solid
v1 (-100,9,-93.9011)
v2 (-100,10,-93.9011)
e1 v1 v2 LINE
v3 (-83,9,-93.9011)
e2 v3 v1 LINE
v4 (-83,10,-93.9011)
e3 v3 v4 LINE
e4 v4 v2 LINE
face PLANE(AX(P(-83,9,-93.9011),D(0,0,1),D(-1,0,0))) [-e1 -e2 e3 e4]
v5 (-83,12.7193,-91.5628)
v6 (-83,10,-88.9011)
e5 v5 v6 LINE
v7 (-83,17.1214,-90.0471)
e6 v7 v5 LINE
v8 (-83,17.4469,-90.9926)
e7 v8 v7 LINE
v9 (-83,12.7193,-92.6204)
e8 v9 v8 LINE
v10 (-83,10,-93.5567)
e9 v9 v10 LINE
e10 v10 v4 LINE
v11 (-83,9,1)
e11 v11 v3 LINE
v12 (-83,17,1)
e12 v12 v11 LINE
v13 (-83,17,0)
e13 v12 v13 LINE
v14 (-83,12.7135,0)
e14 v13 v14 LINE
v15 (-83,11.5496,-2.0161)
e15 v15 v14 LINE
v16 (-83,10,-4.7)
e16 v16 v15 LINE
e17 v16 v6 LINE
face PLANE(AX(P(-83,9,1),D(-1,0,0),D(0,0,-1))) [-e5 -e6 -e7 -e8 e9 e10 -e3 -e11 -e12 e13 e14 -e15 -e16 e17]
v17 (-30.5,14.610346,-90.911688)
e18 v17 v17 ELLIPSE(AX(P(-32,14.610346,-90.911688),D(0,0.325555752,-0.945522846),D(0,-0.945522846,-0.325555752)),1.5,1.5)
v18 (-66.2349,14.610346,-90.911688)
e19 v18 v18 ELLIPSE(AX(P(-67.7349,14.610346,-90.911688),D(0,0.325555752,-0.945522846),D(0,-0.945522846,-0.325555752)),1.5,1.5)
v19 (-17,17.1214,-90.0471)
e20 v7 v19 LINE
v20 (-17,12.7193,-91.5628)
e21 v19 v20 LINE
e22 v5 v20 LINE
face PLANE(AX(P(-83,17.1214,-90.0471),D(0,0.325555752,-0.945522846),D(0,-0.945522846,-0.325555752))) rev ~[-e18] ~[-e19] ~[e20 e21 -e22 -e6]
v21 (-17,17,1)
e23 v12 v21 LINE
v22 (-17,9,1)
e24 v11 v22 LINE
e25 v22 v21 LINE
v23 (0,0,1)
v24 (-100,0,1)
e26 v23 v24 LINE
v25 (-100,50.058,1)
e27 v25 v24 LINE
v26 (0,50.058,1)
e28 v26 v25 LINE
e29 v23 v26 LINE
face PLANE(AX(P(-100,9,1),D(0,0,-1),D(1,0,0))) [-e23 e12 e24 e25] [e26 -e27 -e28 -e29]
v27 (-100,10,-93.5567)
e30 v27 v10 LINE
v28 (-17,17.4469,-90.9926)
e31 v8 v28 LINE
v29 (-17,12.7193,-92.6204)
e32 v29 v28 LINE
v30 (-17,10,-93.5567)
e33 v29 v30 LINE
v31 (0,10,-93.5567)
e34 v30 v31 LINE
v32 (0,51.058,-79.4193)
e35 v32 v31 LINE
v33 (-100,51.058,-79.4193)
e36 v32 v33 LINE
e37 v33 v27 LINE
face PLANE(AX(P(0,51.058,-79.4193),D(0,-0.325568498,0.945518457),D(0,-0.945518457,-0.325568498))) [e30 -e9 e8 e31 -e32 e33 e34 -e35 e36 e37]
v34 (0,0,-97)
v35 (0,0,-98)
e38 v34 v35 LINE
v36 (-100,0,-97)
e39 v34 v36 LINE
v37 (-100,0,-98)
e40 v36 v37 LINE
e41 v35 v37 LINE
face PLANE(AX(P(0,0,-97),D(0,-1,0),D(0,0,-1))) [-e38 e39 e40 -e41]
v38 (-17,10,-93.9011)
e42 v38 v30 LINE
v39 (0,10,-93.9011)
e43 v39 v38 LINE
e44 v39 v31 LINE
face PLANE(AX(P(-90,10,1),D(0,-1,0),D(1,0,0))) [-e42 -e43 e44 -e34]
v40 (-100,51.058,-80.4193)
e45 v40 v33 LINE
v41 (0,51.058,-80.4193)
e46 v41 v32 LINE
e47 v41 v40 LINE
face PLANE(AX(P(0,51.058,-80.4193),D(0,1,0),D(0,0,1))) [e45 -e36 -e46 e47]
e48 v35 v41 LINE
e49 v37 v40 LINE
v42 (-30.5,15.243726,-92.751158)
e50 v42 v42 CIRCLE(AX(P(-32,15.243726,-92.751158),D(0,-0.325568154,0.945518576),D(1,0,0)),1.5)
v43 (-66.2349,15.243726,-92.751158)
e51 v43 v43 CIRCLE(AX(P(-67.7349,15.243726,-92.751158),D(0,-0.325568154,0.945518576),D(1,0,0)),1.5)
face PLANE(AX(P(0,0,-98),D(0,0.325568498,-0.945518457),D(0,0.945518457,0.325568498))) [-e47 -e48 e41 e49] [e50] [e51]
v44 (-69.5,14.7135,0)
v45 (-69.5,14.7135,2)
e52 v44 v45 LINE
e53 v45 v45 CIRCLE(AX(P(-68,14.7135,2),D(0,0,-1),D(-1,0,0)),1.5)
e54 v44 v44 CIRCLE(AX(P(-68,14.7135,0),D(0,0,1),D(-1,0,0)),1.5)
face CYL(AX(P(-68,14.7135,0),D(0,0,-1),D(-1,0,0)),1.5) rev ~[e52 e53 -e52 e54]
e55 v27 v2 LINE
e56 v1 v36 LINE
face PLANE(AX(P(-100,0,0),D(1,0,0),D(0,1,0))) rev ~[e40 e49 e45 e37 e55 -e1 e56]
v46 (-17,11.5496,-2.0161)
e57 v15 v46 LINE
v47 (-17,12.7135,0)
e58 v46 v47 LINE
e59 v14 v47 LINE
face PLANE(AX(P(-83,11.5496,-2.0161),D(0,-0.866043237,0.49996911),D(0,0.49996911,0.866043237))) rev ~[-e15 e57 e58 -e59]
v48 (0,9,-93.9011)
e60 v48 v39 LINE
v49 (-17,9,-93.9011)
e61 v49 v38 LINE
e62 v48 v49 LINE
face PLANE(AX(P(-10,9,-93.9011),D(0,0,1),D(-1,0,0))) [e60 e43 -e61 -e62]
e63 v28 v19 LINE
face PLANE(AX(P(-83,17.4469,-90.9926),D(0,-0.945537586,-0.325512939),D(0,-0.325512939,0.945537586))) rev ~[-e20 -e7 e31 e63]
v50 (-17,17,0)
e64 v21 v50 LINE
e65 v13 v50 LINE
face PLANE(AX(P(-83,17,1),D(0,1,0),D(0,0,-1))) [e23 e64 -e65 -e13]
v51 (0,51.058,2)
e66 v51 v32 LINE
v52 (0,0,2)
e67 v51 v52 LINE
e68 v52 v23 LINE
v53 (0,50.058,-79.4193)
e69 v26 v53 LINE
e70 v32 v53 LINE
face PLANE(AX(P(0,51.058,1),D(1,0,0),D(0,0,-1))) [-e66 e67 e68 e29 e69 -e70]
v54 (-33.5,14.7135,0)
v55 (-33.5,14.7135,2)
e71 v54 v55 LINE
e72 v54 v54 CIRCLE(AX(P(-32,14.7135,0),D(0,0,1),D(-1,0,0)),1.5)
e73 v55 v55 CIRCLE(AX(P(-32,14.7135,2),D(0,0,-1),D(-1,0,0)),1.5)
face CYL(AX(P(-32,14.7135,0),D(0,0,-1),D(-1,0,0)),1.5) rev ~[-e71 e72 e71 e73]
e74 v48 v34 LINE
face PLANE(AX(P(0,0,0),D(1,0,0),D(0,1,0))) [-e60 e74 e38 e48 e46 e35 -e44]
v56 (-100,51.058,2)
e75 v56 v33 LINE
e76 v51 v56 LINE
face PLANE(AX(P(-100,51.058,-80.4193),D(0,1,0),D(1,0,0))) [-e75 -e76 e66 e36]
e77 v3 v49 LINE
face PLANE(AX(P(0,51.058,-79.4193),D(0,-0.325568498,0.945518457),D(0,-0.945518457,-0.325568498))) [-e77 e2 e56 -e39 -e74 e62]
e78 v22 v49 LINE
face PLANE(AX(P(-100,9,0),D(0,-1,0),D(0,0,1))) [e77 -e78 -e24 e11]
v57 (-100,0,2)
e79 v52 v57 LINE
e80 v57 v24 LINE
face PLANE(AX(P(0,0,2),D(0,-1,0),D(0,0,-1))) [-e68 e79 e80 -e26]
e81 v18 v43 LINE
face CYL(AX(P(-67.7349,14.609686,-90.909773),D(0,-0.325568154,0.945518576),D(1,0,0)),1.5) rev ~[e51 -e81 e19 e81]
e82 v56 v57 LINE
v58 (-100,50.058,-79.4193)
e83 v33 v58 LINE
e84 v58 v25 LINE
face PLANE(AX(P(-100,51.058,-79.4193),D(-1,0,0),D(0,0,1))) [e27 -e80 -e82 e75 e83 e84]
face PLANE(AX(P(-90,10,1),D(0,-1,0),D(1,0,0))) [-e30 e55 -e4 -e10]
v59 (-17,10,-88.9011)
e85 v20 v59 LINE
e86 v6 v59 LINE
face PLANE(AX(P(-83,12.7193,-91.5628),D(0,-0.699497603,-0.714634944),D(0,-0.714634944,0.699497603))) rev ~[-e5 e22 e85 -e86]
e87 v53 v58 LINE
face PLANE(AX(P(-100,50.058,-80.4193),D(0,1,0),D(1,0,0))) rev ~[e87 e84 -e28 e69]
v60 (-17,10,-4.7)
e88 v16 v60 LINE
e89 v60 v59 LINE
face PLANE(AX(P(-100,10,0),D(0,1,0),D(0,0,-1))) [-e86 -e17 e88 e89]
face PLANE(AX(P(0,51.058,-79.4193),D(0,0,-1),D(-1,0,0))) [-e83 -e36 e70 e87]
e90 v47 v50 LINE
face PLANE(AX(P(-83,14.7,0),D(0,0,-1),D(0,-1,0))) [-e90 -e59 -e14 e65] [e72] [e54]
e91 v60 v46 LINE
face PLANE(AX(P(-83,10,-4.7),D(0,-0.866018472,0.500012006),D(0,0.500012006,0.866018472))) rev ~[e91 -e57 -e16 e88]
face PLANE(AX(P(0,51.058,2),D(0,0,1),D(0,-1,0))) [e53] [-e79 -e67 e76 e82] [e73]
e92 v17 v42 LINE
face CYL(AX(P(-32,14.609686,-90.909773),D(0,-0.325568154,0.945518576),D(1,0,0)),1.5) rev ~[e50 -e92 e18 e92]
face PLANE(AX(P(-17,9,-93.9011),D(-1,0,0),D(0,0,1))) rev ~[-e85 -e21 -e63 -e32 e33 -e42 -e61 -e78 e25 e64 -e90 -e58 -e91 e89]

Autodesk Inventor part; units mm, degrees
ref_plane "YZ Plane" through (0, 0, 0) normal (1, 0, 0) x (0, 1, 0)
ref_plane "XZ Plane" through (0, 0, 0) normal (0, 1, 0) x (-1, 0, 0)
ref_plane "XY Plane" through (0, 0, 0) normal (0, 0, 1) x (1, 0, 0)
sketch "Szkic1" plane through (0, 0, 0) normal (1, 0, 0) x (0, 1, 0)
  line L0 (0, 0) -> (0, -88)
  line L1 (51.058, -70.4193) -> (51.058, -71.4193)
  line L2 (0, -88) -> (0, -97)
  line L3 (0, -97) -> (0, -98)
  line L4 (0, -98) -> (51.058, -80.4193)
  line L5 (51.058, -80.4193) -> (51.058, -79.4193)
  line L6 (51.058, -79.4193) -> (0, -97)
  line L7 (0, 0) -> (0, 1)
  line L8 (0, 1) -> (51.058, 1)
  line L9 (51.058, 1) -> (51.058, 2)
  line L10 (51.058, 2) -> (0, 2)
  line L11 (0, 2) -> (0, 1)
  dimension "d0" = 88
  dimension "d1" = 54
  dimension "d5" = 9
  dimension "d6" = 1
  dimension "d7" = 54
  dimension "d8" = 71
  dimension "d9" = 1
  dimension "d10" = 1
  dimension "d11" = 1
extrude "Wyciągnięcie proste1" add sketch "Szkic1" against normal blind 100
sketch "Szkic2" plane through (-100, 0, 0) normal (-1, 0, 0) x (0, 0, 1)
  line L0 (0, 10) -> (1, 10)
  line L1 (1, 51.058) -> (1, 0) projected
  line L2 (0, 10) -> (-93.5567, 10)
  line L3 (-79.4193, 51.058) -> (-97, 0) projected
  line L4 (0, 9) -> (1, 9)
  line L5 (0, 9) -> (-93.9011, 9)
  line L6 (-93.5567, 10) -> (-93.9011, 9)
  line L7 (1, 10) -> (1, 9)
  point P0 (0, 0)
  dimension "d14" = 10
  dimension "d15" = 1
extrude "Wyciągnięcie proste2" add sketch "Szkic2" against normal blind 100
sketch "Szkic3" plane through (-100, 51.058, -79.4193) normal (0, -0.3256, 0.9455) x (1, 0, 0)
  point P0 (100, -22.4199)
sketch "Szkic4" plane through (-100, 51.058, -80.4193) normal (0, 1, 0) x (1, 0, 0)
  line L0 (100, -81.4193) -> (100, 13.4817) projected
  line L1 (100, 0) -> (100, -1) projected
  line L2 (100, -81.4193) -> (100, -1)
  line L3 (0, -1) -> (0, 0) projected
  line L4 (100, -1) -> (0, -1)
  line L5 (0, 13.4817) -> (0, -81.4193) projected
  line L6 (0, -1) -> (0, -81.4193)
  line L7 (100, -81.4193) -> (0, -81.4193) projected
  line L8 (0, -81.4193) -> (100, -81.4193)
  point P0 (100, -80.4193)
extrude "Wyciągnięcie proste3" add sketch "Szkic4" against normal blind 1
sketch "Szkic5" plane through (-100, 9, -93.9011) normal (0, -1, 0) x (1, 0, 0)
  point P0 (100, 93.9011)
sketch "Szkic6" plane through (-100, 51.058, -79.4193) normal (-1, 0, 0) x (0, 0, -1)
  point P0 (-79.4193, 51.058)
sketch "Szkic7" plane through (-100, 9, -93.9011) normal (0, -1, 0) x (1, 0, 0)
  line L0 (100, 14.4817) -> (100, 94.9011) projected
  line L1 (100, 94.9011) -> (90, 94.9011)
  line L2 (0, 94.9011) -> (100, 94.9011) projected
  line L3 (90, 94.9011) -> (90, 0)
  line L4 (100, 0) -> (0, 0) projected
  line L5 (90, 0) -> (100, 0)
  line L6 (100, 0) -> (100, 94.9011)
  line L7 (90, 94.9011) -> (100, 94.9011)
  line L8 (0, 94.9011) -> (10, 94.9011)
  line L9 (10, 94.9011) -> (10, 0)
  line L10 (0, 0) -> (0, 94.9011) projected
  line L11 (10, 0) -> (0, 0)
  line L12 (0, 94.9011) -> (0, 14.4817) projected
  line L13 (0, 0) -> (0, 94.9011)
  line L14 (0, 94.9011) -> (10, 94.9011)
  point P0 (100, 93.9011)
  dimension "d20" = 10
  dimension "d21" = 10
extrude "Wyciągnięcie proste4" cut sketch "Szkic7" against normal blind 1 contours L6 L4 L3 L1 L0 | L9 L4 L10 L2
sketch "Szkic8" plane through (-90, 9, 1) normal (0, -1, 0) x (1, 0, 0)
  line L0 (80, -94.9011) -> (80, 0) projected
  line L1 (80, 0) -> (73, 0)
  line L2 (80, 0) -> (0, 0) projected
  line L3 (73, 0) -> (73, -94.9011)
  line L4 (80, -94.9011) -> (0, -94.9011) projected
  line L5 (80, -94.9011) -> (80, 0)
  line L6 (90, 1) -> (-10, 1) projected
  line L7 (80, 0) -> (73, 0)
  line L8 (0, 0) -> (7, 0)
  line L9 (7, 0) -> (7, -94.9011)
  line L10 (0, -94.9011) -> (7, -94.9011)
  line L11 (0, 0) -> (0, -94.9011) projected
  line L12 (0, -94.9011) -> (0, 0)
  line L13 (0, -94.5567) -> (0, 0) projected
  point P0 (90, -1)
  dimension "d24" = 7
  dimension "d25" = 7
extrude "Wyciągnięcie proste5" cut sketch "Szkic8" against normal blind 1 contours L4 L3 L1 L0 | L4 L11 L2 L9
sketch "Szkic9" plane through (-83, 9, -93.9011) normal (-1, 0, 0) x (0, 0, 1)
  line L0 (0, 0) -> (94.9011, 0) projected
  line L1 (0, 0) -> (5, 0)
  line L2 (5, 0) -> (1.9955, 3.0045)
  line L3 (5, 0) -> (9.2489, 0) construction
  line L4 (1.9955, 3.0045) -> (1.2807, 3.7193)
  line L5 (1.2807, 3.7193) -> (2.9085, 8.4469)
  line L6 (14.4817, 42.058) -> (0.3443, 1) projected
  line L7 (2.9085, 8.4469) -> (3.854, 8.1214)
  line L8 (3.854, 8.1214) -> (2.3383, 3.7193)
  line L9 (2.3383, 3.7193) -> (5, 1)
  line L10 (94.9011, 1) -> (0.3443, 1) projected
  line L11 (5, 1) -> (5, 0)
  point P0 (93.9011, -9)
  dimension "d28" = 5
  dimension "d29" = 135
  dimension "d31" = 5
  dimension "d32" = 1
extrude "Wyciągnięcie proste6" add sketch "Szkic9" against normal blind 66 contours L10 L6 L4 L2 | L2 L4 L5 L7 L8 L9 L10
sketch "Szkic10" plane through (-83, 12.7193, -91.5628) normal (0, -0.3256, 0.9455) x (1, 0, 0)
  line L0 (0.2651, 0) -> (15.2651, 0)
  line L1 (0, 0) -> (66, 0) projected
  line L2 (15.2651, 0) -> (15.2651, 2)
  line L3 (0, 4.6557) -> (66, 4.6557) projected
  circle A0 centre (15.2651, 2) radius 1.5
  line L4 (66, 0) -> (51, 0)
  line L5 (51, 0) -> (51, 2)
  circle A1 centre (51, 2) radius 1.5
  point P0 (83, 17.7836)
  dimension "d35" = 15
  dimension "d36" = 2
  dimension "d37" = 3
  dimension "d38" = 15
  dimension "d39" = 2
  dimension "d40" = 3
extrude "Wyciągnięcie proste7" cut sketch "Szkic10" against normal blind 15
sketch "Szkic11" plane through (-83, 9, -93.9011) normal (-1, 0, 0) x (0, 0, 1)
  line L0 (94.9011, 1) -> (5, 1) projected
  line L1 (94.9011, 1) -> (90.2011, 1)
  line L2 (90.2011, 1) -> (93.0515, 3.8505)
  line L3 (93.0515, 3.8505) -> (94.9011, 5.7)
  line L4 (94.9011, 41.058) -> (94.9011, -9) projected
  line L5 (90.2011, 1) -> (89.2011, 1)
  line L6 (94.9011, 0) -> (94.9011, 1) projected
  line L7 (94.9011, 1) -> (94.9011, 9)
  line L8 (94.9011, 9) -> (93.9011, 9)
  line L9 (93.9011, 9) -> (93.9011, 5.7)
  line L10 (93.9011, 5.7) -> (89.2011, 1)
  line L11 (94.9011, 9) -> (94.9011, 5.7)
  point P0 (93.9011, -9)
  dimension "d43" = 4.7
  dimension "d44" = 45
  dimension "d45" = 1
  dimension "d46" = 8
  dimension "d47" = 1
extrude "Wyciągnięcie proste8" add sketch "Szkic11" against normal blind 66
sketch "Szkic12" plane through (-83, 14.7, 0) normal (0, 0, -1) x (-1, 0, 0)
  point P0 (-83, -14.7)
sketch "Szkic13" plane through (-83, 9, -93.9011) normal (-1, 0, 0) x (0, 0, 1)
  line L0 (93.9011, 5.7) -> (89.2011, 1) projected
  line L1 (89.2011, 1) -> (91.885, 2.5496)
  line L2 (89.2011, 1) -> (92.3002, 1) construction
  line L3 (91.885, 2.5496) -> (93.9011, 3.7135)
  line L4 (93.9011, 5.7) -> (93.9011, 3.7135)
  line L5 (5, 1) -> (89.2011, 1) projected
  line L6 (93.9011, 5.7) -> (89.2011, 1)
  point P0 (93.9011, -9)
  dimension "d50" = 30
extrude "Wyciągnięcie proste9" cut sketch "Szkic13" against normal blind 66
sketch "Szkic14" plane through (-17, 18, 0) normal (0, 0, -1) x (-1, 0, 0)
  line L0 (66, -5.2865) -> (0, -5.2865) projected
  line L1 (66, -5.2865) -> (51, -5.2865)
  line L2 (51, -5.2865) -> (51, -3.2865)
  circle A0 centre (51, -3.2865) radius 1.5
  line L3 (0, -5.2865) -> (0, 0) projected
  line L4 (0, -5.2865) -> (15, -5.2865)
  line L5 (15, -5.2865) -> (15, -3.2865)
  circle A1 centre (15, -3.2865) radius 1.5
  point P0 (-17, -18)
  dimension "d53" = 15
  dimension "d54" = 2
  dimension "d55" = 3
  dimension "d56" = 15
  dimension "d57" = 2
  dimension "d58" = 3
extrude "Wyciągnięcie proste10" cut sketch "Szkic14" against normal blind 15
sketch "Szkic15" plane through (-83, 9, -93.9011) normal (-1, 0, 0) x (0, 0, 1)
  point P0 (93.9011, -9)
sketch "Szkic16" plane through (-17, 18, 0) normal (0, 0, -1) x (-1, 0, 0)
  point P0 (-17, -18)
sketch "Szkic17" plane through (-83, 9, -93.9011) normal (-1, 0, 0) x (0, 0, 1)
  line L0 (94.9011, 9) -> (93.9011, 9) projected
  line L1 (94.9011, 9) -> (94.9011, 8)
  line L2 (94.9011, 41.058) -> (94.9011, -9) projected
  line L3 (94.9011, 8) -> (93.9011, 8)
  line L4 (93.9011, 3.7135) -> (93.9011, 9) projected
  line L5 (93.9011, 9) -> (94.9011, 9)
  point P0 (93.9011, -9)
  dimension "d61" = 1
extrude "Wyciągnięcie proste11" cut sketch "Szkic17" against normal blind 66
properties part number "zderzaki"
